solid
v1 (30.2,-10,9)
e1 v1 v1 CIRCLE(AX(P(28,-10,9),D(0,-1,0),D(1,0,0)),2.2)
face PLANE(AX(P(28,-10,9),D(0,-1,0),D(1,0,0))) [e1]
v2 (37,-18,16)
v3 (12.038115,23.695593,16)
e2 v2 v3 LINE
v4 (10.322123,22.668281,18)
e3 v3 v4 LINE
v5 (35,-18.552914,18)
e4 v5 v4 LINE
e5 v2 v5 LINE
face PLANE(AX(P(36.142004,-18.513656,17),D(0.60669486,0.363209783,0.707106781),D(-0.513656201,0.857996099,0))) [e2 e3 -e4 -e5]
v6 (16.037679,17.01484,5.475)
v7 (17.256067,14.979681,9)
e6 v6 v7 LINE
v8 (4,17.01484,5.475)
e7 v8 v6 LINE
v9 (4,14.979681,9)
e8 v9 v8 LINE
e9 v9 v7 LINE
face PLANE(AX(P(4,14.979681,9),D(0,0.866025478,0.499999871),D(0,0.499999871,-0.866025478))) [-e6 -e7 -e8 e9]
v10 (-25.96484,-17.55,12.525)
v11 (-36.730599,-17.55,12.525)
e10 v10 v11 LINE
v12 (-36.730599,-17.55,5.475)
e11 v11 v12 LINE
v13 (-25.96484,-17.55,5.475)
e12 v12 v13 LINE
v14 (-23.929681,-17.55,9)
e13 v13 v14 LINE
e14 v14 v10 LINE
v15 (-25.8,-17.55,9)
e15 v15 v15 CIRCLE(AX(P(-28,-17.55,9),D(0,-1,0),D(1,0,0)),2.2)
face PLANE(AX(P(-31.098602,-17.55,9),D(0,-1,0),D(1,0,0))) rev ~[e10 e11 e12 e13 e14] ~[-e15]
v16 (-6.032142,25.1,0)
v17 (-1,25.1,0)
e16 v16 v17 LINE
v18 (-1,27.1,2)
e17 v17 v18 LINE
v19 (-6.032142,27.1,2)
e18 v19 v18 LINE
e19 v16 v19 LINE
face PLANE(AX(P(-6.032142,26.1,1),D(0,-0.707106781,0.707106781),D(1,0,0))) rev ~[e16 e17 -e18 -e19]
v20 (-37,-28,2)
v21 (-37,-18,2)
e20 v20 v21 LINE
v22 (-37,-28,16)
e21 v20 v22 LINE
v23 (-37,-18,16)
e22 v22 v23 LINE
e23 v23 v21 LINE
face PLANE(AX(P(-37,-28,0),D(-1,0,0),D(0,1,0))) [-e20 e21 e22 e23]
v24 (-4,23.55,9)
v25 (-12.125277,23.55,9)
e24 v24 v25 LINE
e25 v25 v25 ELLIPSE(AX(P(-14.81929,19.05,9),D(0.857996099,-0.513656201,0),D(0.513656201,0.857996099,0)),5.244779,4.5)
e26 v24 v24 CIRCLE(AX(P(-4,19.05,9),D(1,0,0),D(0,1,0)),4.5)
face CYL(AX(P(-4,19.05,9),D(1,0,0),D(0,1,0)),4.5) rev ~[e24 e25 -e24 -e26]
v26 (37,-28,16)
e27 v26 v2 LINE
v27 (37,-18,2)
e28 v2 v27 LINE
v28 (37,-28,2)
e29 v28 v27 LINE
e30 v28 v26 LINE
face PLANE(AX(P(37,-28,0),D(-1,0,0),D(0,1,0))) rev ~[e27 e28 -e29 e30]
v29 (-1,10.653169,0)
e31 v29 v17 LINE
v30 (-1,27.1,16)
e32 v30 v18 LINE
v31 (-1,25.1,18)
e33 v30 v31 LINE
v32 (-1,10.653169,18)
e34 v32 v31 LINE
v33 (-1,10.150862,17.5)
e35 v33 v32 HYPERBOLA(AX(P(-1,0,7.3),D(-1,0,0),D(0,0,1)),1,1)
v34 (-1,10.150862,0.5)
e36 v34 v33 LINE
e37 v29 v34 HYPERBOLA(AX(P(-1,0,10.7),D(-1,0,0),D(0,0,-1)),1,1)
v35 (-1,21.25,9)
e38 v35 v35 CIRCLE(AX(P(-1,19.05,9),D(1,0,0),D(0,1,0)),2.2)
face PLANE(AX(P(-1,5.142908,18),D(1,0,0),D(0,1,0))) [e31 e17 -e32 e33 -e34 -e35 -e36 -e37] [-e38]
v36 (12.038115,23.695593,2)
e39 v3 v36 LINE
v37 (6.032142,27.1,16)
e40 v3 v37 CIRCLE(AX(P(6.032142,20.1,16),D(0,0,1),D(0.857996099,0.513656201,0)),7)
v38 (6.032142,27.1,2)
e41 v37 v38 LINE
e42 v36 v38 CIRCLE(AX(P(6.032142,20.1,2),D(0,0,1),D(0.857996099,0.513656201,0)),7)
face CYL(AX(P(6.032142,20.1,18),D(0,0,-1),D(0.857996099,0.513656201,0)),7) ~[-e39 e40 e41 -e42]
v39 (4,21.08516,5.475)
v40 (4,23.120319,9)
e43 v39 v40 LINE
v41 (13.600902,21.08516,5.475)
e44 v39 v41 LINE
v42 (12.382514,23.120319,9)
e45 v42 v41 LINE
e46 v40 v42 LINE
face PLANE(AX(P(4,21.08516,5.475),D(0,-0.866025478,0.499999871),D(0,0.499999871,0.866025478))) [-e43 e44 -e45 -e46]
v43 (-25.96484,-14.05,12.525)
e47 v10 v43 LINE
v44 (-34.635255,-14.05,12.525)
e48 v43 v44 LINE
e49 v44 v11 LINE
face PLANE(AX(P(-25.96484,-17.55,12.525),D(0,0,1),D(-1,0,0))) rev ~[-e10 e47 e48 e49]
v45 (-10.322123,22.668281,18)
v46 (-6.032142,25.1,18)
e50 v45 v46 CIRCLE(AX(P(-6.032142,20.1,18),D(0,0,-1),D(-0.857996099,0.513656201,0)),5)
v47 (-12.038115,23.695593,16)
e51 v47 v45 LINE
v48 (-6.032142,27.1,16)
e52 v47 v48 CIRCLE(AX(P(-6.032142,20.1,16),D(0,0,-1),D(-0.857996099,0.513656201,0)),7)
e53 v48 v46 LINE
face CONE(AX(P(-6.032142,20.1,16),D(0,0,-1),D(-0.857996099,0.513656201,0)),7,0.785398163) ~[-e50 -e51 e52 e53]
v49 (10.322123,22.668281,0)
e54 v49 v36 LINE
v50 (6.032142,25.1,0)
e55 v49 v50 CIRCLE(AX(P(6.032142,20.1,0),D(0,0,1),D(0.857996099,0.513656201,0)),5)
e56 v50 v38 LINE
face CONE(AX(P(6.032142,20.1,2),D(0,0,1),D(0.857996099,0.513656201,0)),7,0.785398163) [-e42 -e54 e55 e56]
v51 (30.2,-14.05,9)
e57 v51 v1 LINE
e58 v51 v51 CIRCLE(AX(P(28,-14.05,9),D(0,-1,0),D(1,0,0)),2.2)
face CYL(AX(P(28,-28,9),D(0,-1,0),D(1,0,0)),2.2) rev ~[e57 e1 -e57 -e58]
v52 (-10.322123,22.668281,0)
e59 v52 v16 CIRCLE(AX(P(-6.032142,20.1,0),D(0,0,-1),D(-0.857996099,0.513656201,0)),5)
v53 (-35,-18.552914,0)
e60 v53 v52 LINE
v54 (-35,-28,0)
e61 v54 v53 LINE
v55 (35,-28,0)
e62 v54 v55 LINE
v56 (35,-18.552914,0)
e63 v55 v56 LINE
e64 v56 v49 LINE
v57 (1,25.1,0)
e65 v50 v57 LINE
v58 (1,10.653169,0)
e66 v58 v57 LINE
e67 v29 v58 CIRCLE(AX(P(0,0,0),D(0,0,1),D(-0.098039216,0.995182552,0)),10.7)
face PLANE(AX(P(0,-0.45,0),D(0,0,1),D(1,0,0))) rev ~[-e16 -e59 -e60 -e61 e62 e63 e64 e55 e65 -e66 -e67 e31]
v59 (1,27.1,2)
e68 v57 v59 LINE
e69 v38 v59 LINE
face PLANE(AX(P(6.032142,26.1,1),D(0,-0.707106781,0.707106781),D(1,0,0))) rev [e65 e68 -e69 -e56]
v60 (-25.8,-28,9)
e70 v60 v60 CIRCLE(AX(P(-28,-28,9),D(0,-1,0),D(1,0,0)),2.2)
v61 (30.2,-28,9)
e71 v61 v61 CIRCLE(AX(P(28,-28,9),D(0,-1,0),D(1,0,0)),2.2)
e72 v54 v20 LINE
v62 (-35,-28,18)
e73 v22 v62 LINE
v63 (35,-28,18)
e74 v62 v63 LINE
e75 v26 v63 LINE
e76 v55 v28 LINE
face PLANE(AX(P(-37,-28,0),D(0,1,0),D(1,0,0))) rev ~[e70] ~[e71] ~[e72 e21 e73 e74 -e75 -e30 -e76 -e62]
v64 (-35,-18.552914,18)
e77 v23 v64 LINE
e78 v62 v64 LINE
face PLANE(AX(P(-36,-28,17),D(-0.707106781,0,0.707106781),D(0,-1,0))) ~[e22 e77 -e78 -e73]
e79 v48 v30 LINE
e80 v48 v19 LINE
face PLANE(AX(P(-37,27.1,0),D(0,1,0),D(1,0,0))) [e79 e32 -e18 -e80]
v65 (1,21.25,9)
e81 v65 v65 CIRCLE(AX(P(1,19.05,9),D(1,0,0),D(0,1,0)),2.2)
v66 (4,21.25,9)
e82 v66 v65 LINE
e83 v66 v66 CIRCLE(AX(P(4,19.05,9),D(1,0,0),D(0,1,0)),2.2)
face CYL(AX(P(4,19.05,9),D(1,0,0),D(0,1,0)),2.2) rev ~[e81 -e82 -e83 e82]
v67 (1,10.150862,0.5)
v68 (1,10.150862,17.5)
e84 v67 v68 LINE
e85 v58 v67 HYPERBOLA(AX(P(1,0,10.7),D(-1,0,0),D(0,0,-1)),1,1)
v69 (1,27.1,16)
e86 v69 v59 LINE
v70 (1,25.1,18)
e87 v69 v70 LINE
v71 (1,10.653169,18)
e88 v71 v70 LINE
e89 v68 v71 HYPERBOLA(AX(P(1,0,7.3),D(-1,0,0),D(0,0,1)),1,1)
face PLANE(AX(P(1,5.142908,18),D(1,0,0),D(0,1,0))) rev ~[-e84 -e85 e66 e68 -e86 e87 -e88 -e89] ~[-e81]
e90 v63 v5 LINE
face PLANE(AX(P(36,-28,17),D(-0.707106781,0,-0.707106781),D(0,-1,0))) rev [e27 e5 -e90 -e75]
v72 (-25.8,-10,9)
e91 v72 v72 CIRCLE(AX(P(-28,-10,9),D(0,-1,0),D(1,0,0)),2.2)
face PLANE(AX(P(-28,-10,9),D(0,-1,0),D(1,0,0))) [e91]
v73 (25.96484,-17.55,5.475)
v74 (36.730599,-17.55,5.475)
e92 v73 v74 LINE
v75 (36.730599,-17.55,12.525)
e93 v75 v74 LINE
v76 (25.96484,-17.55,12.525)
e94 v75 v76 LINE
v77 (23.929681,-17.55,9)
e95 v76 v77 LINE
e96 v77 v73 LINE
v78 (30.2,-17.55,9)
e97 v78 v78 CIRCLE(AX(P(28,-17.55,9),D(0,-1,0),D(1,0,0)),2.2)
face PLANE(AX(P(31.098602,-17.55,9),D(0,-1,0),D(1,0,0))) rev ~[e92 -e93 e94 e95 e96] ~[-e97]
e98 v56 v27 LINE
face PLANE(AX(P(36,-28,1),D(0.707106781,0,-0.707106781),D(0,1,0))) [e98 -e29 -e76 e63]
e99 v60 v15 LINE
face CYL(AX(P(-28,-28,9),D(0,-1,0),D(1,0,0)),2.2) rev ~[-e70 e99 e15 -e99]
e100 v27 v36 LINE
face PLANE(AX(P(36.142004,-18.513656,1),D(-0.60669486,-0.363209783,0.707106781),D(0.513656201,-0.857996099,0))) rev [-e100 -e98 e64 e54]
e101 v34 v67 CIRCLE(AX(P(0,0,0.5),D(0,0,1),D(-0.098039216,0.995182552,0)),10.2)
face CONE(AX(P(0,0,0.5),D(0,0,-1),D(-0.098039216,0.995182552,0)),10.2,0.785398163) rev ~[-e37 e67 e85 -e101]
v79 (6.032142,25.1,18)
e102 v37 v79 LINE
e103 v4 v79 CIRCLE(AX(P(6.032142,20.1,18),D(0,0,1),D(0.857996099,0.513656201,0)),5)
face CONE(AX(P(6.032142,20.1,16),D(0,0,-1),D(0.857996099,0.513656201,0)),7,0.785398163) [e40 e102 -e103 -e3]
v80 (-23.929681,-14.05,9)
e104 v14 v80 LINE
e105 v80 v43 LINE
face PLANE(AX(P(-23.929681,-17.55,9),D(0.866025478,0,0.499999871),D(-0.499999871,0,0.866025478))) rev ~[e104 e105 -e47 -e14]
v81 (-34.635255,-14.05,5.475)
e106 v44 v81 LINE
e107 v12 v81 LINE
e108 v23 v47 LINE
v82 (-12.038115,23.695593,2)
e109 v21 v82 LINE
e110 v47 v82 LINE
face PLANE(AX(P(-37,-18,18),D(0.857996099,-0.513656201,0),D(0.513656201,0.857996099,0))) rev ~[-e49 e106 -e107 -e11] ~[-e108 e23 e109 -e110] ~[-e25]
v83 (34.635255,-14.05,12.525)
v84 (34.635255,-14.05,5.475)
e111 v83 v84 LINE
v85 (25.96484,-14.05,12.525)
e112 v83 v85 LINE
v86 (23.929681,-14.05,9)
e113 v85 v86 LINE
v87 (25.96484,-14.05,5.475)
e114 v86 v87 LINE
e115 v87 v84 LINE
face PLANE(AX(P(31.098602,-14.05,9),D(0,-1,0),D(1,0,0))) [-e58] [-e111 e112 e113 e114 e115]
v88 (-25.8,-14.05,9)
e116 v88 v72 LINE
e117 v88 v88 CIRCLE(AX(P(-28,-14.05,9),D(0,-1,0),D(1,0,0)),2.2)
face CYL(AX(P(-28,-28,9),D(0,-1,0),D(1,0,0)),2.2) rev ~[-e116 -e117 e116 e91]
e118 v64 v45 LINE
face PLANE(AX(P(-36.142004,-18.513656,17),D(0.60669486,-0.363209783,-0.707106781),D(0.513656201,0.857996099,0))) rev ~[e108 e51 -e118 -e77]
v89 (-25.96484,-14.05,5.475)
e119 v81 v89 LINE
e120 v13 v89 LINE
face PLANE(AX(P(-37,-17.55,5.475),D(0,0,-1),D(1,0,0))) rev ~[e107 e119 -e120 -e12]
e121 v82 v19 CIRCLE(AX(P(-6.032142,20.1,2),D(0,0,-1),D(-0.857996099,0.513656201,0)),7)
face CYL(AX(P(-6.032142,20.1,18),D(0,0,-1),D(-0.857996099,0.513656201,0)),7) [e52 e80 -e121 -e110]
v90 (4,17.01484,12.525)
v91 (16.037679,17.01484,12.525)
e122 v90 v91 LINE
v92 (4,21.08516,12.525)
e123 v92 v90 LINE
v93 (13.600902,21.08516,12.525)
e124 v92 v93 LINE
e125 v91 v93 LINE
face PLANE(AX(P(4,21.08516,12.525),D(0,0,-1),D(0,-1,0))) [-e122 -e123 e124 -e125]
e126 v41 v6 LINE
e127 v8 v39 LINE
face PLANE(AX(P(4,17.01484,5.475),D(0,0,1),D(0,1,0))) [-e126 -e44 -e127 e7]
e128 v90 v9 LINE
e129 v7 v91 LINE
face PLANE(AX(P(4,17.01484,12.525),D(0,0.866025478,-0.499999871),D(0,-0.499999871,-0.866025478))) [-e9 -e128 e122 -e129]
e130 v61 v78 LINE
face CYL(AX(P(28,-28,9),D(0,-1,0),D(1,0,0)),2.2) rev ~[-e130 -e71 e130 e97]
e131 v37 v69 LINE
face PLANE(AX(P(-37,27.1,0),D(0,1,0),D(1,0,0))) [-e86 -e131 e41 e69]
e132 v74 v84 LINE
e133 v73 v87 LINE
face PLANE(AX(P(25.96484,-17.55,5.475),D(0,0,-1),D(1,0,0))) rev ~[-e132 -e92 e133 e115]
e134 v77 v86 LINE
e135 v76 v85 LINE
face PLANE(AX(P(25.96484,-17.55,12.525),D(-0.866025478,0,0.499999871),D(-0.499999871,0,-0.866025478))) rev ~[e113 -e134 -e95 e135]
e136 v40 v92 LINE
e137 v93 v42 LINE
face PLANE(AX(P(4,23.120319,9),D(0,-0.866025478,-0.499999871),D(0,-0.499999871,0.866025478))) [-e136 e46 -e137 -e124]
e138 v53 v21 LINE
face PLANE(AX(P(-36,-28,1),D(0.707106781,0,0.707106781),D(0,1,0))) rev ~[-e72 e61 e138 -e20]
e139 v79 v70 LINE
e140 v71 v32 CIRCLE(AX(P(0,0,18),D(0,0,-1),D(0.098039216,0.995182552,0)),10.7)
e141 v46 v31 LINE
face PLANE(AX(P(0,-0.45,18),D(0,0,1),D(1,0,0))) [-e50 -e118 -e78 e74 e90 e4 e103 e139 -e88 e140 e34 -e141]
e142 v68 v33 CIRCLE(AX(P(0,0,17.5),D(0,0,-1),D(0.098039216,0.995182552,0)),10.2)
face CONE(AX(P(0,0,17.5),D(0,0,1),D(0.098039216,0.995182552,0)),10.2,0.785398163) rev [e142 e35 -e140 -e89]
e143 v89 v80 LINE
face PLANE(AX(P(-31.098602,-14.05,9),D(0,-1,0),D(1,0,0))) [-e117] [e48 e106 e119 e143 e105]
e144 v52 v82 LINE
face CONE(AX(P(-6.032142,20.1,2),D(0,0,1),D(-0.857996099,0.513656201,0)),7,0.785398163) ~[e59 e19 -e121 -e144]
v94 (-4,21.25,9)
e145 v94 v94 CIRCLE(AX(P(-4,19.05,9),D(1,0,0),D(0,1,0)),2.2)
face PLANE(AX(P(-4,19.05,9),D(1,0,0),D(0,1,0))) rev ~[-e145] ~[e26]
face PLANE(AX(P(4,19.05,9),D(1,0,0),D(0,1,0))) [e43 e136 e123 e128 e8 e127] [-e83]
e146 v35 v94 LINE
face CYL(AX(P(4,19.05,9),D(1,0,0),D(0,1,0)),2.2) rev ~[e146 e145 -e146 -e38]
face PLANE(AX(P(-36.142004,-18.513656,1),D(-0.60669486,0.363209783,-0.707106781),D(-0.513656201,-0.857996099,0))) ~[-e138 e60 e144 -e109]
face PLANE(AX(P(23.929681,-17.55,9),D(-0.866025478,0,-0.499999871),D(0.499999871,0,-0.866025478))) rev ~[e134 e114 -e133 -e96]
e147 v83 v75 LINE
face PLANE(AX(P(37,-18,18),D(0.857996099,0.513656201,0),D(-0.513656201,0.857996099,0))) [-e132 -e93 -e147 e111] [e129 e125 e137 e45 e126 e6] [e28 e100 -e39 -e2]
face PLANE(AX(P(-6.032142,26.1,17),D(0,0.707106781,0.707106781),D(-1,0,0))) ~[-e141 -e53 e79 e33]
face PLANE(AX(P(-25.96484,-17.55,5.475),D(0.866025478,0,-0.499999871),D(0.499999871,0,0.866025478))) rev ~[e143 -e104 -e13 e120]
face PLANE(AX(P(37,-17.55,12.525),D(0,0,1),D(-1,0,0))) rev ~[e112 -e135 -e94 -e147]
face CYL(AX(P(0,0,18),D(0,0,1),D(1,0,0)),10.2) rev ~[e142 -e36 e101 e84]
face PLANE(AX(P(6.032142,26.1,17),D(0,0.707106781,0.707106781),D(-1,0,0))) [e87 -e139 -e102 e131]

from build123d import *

# Parameters (mm, degrees)
SKETCH009_R     = 4.5
PAD003_DEPTH    = 30
PAD002_DEPTH    = 20
PAD001_DEPTH    = 3.5
SKETCH_W        = 74
SKETCH_H        = 55.1
PAD_DEPTH       = 18
SKETCH001_R     = 10.2
POCKET_DEPTH    = 18.001
POCKET001_DEPTH = 18.001
SKETCH004_W     = 2
SKETCH004_H     = 24.324561
POCKET002_DEPTH = 18.001
SKETCH006_R     = 2.2
POCKET003_DEPTH = 18
SKETCH008_R     = 2.2
POCKET004_DEPTH = 41.001
FILLET_R        = 7
FILLET001_R     = 7
CHAMFER_SIZE    = 2
CHAMFER001_SIZE = 2
CHAMFER002_SIZE = 0.5
CHAMFER003_SIZE = 0.5


with BuildPart() as pad003:
    # Sketch009 → Pad003 (new body)
    with BuildSketch(Plane.YZ.offset(-4)):
        with Locations((19.05, 9)):
            Circle(SKETCH009_R)
    extrude(amount=-PAD003_DEPTH)


with BuildPart() as pad002:
    # Sketch007 → Pad002 (new body)
    with BuildSketch(Plane.YZ.offset(4)):
        Polygon((21.08516, 12.525), (17.01484, 12.525), (14.979681, 9), (17.01484, 5.475), (21.08516, 5.475), (23.120319, 9), align=None)
    extrude(amount=PAD002_DEPTH)


with BuildPart() as pad001:
    # Sketch005 → Pad001 (new body)
    with BuildSketch(Plane.XZ.offset(17.55)):
        Polygon((-23.929681, 9), (-25.96484, 12.525), (-30.03516, 12.525), (-37, 12.525), (-37, 5.475), (-30.03516, 5.475), (-25.96484, 5.475), align=None)
        Polygon((23.929681, 9), (25.96484, 5.475), (30.03516, 5.475), (37, 5.475), (37, 12.525), (30.03516, 12.525), (25.96484, 12.525), align=None)
    extrude(amount=-PAD001_DEPTH)


with BuildPart() as chamfer003:
    # Sketch → Pad (new body)
    with BuildSketch(Plane.XY):
        with Locations((0, -0.45)):
            Rectangle(SKETCH_W, SKETCH_H)
    extrude(amount=PAD_DEPTH)

    # Sketch001 → Pocket (cut, through all)
    with BuildSketch(Plane.XY.offset(18)):
        Circle(SKETCH001_R)
    extrude(amount=-POCKET_DEPTH, mode=Mode.SUBTRACT)

    # Sketch003 → Pocket001 (cut, through all)
    with BuildSketch(Plane.XY.offset(18)):
        Polygon((-37, -18), (-10, 27.1), (-37, 27.1), align=None)
        Polygon((37, -18), (10, 27.1), (37, 27.1), align=None)
    extrude(amount=-POCKET001_DEPTH, mode=Mode.SUBTRACT)

    # Sketch004 → Pocket002 (cut, through all)
    with BuildSketch(Plane.XY.offset(18)):
        with Locations((0, 17.305189)):
            Rectangle(SKETCH004_W, SKETCH004_H)
    extrude(amount=-POCKET002_DEPTH, mode=Mode.SUBTRACT)

    # Cut: cut Pad001
    add(pad001.part, mode=Mode.SUBTRACT)

    # Sketch006 → Pocket003 (cut)
    with BuildSketch(Plane.XZ.offset(28)):
        with Locations((-28, 9)):
            Circle(SKETCH006_R)
        with Locations((28, 9)):
            Circle(SKETCH006_R)
    extrude(amount=-POCKET003_DEPTH, mode=Mode.SUBTRACT)

    # Cut001: cut Pad002
    add(pad002.part, mode=Mode.SUBTRACT)

    # Sketch008 → Pocket004 (cut, through all)
    with BuildSketch(Plane.YZ.offset(4)):
        with Locations((19.05, 9)):
            Circle(SKETCH008_R)
    extrude(amount=-POCKET004_DEPTH, mode=Mode.SUBTRACT)

    # Cut002: cut Pad003
    add(pad003.part, mode=Mode.SUBTRACT)

    # Fillet
    fillet_edges = [chamfer003.edges().sort_by_distance(p)[0] for p in [
        (10, 27.1, 9),
    ]]
    fillet(fillet_edges, radius=FILLET_R)

    # Fillet001
    fillet001_edges = [chamfer003.edges().sort_by_distance(p)[0] for p in [
        (-10, 27.1, 9),
    ]]
    fillet(fillet001_edges, radius=FILLET001_R)

    # Chamfer
    chamfer_edges = [chamfer003.edges().sort_by_distance(p)[0] for p in [
        (9.484015, 26.189711, 18),
        (-37, -23, 18),
        (-24.519057, 2.847797, 18),
        (-9.484015, 26.189711, 18),
        (-3.516071, 27.1, 18),
        (3.516071, 27.1, 18),
        (24.519057, 2.847797, 18),
        (37, -23, 18),
    ]]
    chamfer(chamfer_edges, length=CHAMFER_SIZE)

    # Chamfer001
    chamfer001_edges = [chamfer003.edges().sort_by_distance(p)[0] for p in [
        (37, -23, 0),
        (24.519057, 2.847797, 0),
        (9.484015, 26.189711, 0),
        (3.516071, 27.1, 0),
        (-3.516071, 27.1, 0),
        (-9.484015, 26.189711, 0),
        (-24.519057, 2.847797, 0),
        (-37, -23, 0),
    ]]
    chamfer(chamfer001_edges, length=CHAMFER001_SIZE)

    # Chamfer002
    chamfer002_edges = [chamfer003.edges().sort_by_distance(p)[0] for p in [
        (-6.849818, -7.557777, 0),
        (7.557777, 6.849818, 0),
    ]]
    chamfer(chamfer002_edges, length=CHAMFER002_SIZE)

    # Chamfer003
    chamfer003_edges = [chamfer003.edges().sort_by_distance(p)[0] for p in [
        (-6.849818, -7.557777, 18),
        (7.557777, 6.849818, 18),
    ]]
    chamfer(chamfer003_edges, length=CHAMFER003_SIZE)


solid = chamfer003.part
